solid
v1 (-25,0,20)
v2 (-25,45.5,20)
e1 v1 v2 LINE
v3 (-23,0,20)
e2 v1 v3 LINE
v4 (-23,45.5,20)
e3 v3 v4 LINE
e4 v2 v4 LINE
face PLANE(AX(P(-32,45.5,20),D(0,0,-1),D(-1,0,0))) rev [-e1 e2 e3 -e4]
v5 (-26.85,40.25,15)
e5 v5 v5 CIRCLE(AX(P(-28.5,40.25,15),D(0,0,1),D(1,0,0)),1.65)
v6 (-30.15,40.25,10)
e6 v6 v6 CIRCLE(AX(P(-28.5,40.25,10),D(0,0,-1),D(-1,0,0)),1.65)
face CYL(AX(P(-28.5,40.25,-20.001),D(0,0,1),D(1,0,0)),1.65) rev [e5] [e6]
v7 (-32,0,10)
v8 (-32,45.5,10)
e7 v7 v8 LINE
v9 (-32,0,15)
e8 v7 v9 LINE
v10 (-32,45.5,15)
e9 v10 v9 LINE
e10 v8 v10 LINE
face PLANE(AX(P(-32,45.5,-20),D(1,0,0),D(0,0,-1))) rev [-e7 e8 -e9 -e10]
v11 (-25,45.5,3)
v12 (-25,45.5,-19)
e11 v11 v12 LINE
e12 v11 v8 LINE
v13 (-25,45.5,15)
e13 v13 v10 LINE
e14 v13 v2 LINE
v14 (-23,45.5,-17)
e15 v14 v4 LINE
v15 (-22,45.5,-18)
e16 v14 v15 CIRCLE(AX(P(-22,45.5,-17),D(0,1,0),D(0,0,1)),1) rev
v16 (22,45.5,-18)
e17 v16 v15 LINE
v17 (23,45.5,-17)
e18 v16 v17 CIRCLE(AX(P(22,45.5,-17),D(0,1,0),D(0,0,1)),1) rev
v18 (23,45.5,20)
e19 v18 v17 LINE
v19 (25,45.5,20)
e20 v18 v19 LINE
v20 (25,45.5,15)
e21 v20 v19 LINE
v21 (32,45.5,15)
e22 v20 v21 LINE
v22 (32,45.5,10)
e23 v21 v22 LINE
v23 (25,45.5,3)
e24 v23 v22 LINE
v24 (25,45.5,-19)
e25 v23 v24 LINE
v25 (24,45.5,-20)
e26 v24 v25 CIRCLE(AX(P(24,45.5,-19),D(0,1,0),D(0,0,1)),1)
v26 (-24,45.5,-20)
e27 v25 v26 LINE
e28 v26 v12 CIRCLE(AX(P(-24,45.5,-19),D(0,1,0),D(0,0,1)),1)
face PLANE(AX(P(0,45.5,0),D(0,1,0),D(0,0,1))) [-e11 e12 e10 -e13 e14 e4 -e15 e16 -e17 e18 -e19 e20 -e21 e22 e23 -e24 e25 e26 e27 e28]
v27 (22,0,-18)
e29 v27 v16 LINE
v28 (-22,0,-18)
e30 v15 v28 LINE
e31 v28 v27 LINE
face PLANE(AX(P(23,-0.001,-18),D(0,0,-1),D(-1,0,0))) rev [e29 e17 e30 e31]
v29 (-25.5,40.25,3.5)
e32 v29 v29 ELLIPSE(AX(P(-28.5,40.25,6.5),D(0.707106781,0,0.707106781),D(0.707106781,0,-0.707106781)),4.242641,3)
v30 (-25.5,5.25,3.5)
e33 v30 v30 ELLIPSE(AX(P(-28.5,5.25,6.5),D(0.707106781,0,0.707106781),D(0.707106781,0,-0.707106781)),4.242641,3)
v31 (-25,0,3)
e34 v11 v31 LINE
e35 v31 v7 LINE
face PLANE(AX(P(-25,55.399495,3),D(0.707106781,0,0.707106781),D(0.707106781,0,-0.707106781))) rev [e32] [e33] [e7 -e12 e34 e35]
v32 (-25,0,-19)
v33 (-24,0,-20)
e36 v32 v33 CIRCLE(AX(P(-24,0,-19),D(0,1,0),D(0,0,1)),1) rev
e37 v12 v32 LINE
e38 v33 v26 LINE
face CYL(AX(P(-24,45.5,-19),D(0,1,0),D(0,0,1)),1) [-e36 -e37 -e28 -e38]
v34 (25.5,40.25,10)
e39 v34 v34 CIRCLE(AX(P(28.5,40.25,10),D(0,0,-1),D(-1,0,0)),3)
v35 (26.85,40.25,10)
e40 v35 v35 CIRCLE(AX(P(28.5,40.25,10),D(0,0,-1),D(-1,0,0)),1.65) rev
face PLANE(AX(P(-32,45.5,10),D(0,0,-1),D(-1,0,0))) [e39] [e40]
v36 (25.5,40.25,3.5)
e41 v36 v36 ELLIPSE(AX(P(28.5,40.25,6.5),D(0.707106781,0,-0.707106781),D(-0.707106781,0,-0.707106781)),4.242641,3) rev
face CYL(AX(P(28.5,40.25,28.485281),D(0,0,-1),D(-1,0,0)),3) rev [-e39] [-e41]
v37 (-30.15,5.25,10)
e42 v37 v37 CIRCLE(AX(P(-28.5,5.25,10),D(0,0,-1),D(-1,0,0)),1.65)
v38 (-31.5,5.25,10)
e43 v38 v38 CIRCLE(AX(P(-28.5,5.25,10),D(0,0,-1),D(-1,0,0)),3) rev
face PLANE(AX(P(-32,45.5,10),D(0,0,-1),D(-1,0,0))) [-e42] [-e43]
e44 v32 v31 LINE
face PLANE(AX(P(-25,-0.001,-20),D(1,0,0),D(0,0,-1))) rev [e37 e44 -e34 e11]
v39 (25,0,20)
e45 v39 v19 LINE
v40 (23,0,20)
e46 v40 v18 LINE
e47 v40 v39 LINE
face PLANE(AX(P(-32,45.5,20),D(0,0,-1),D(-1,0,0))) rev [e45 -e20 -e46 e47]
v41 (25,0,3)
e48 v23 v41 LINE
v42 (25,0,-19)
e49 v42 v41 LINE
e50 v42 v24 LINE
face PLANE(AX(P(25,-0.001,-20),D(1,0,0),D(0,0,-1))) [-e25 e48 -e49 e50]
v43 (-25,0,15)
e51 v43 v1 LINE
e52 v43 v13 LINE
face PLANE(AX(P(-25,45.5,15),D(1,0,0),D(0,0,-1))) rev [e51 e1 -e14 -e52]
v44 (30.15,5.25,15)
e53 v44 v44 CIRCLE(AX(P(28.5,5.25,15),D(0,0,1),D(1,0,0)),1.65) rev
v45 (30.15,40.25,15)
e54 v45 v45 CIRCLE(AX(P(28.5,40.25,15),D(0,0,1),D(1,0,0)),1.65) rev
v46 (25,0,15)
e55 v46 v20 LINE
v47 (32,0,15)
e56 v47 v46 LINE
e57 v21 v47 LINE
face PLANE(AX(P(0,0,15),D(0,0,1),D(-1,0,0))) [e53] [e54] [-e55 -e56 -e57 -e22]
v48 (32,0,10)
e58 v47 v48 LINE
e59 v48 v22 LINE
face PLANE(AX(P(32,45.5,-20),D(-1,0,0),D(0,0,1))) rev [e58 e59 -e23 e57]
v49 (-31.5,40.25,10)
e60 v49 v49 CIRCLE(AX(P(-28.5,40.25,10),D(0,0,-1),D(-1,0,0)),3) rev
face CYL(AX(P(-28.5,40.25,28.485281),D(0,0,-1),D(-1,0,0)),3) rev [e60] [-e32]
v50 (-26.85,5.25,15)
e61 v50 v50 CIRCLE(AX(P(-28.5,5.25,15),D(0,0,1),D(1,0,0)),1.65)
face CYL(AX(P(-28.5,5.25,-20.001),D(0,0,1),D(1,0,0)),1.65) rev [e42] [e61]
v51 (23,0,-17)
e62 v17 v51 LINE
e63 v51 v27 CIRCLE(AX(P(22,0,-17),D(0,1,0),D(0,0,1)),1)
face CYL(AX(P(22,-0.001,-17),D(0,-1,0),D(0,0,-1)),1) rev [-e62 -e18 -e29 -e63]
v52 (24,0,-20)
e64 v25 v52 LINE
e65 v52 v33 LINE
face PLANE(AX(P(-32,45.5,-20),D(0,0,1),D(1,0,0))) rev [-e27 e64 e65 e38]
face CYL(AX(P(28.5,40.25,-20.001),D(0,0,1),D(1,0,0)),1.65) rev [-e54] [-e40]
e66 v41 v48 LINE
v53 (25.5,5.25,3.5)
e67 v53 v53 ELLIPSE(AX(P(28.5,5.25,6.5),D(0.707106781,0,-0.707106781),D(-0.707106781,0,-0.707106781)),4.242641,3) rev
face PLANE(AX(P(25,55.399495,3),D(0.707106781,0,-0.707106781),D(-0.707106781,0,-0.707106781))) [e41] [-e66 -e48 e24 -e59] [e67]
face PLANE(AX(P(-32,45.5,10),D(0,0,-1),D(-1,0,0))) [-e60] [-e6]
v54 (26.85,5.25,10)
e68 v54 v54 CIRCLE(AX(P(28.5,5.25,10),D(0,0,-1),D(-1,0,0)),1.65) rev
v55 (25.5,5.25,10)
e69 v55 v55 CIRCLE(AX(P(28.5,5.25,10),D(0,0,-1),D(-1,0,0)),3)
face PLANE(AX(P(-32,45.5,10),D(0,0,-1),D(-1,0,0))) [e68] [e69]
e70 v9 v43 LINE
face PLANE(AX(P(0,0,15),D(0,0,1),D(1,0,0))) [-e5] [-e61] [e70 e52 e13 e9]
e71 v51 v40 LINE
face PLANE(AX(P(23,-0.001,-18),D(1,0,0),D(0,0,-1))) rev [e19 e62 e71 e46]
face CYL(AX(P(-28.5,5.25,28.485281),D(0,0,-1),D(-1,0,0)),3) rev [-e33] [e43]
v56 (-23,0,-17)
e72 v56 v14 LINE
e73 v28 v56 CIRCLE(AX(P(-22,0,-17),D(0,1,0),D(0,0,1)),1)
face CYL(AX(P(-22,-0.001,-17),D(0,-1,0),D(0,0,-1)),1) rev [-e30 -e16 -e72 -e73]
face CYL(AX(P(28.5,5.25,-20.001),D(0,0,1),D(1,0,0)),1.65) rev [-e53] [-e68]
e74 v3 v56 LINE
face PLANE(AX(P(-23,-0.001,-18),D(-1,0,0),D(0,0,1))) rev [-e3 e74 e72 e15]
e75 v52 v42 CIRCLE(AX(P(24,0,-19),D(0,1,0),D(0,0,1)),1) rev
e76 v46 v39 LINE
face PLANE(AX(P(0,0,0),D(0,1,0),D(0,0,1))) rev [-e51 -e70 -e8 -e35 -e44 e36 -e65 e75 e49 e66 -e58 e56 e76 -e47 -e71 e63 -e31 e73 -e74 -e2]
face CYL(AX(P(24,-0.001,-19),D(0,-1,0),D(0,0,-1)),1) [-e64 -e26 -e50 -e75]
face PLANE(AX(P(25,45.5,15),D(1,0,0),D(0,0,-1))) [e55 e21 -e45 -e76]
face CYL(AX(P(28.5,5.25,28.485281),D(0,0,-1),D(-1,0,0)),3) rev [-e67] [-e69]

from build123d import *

# Parameters (mm, degrees)
SKETCH_1_W          = 64
SKETCH_1_H          = 40
EXTRUDE_1_DEPTH     = 45.5
CUT_EXTRUDE_1_REACH = 61.112
SKETCH_2_W          = 46
SKETCH_2_H          = 38
CUT_EXTRUDE_2_REACH = 61.112
SKETCH_3_W          = 7
SKETCH_3_H          = 30
EXTRUDE_2_DEPTH     = 45.5
CUT_EXTRUDE_3_REACH = 70.515
SKETCH_4_R          = 1.65
SKETCH_7_R          = 3
CUT_EXTRUDE_4_DEPTH = 30
SKETCH_8_W          = 7
SKETCH_8_H          = 45.5
CUT_EXTRUDE_5_DEPTH = 5
FILLET_1_R          = 1


with BuildPart() as part:
    # 草图1 → 凸台-拉伸1 (new body)
    with BuildSketch(Plane(origin=(0, 0, 0), x_dir=(1, 0, 0), z_dir=(0, 1, 0))):
        Rectangle(SKETCH_1_W, SKETCH_1_H)
    extrude(amount=EXTRUDE_1_DEPTH)

    # 草图2 → 切除-拉伸1 (cut, up to next)
    with BuildSketch(Plane(origin=(0, 45.5, 0), x_dir=(1, 0, 0), z_dir=(0, 1, 0)), mode=Mode.PRIVATE) as cut_extrude_1_sk1:
        with Locations((0, -1)):
            Rectangle(SKETCH_2_W, SKETCH_2_H)
    cut_extrude_1_tool1 = extrude(cut_extrude_1_sk1.sketch, amount=-CUT_EXTRUDE_1_REACH, mode=Mode.PRIVATE) & part.part
    add(cut_extrude_1_tool1.solids().sort_by_distance((0, 45.5, 1))[0], mode=Mode.SUBTRACT)

    # 草图3 → 切除-拉伸2 (cut, up to next)
    with BuildSketch(Plane(origin=(0, 45.5, 0), x_dir=(1, 0, 0), z_dir=(0, 1, 0)), mode=Mode.PRIVATE) as cut_extrude_2_sk1:
        with Locations((-28.5, 5)):
            Rectangle(SKETCH_3_W, SKETCH_3_H)
    cut_extrude_2_tool1 = extrude(cut_extrude_2_sk1.sketch, amount=-CUT_EXTRUDE_2_REACH, mode=Mode.PRIVATE) & part.part
    cut_extrude_2 = cut_extrude_2_tool1.solids().sort_by_distance((-28.5, 45.5, -5))[0]
    add(cut_extrude_2, mode=Mode.SUBTRACT)

    # 草图6 → 凸台-拉伸2 (add)
    with BuildSketch(Plane(origin=(0, 0, 0), x_dir=(1, 0, 0), z_dir=(0, 1, 0))):
        Polygon((-32, -10), (-25, -10), (-25, -3), align=None)
    extrude_2 = extrude(amount=EXTRUDE_2_DEPTH)

    # 切除-拉伸3: up to this plane
    cut_extrude_3_end = Plane(origin=(-25, 55.399494937, 3), z_dir=(0.7071067811865438, 0, 0.7071067811865512))
    # 草图4 → 切除-拉伸3 (cut, up to the surface)
    with BuildSketch(Plane(origin=(0, 0, 20), x_dir=(-1, 0, 0), z_dir=(0, 0, -1)), mode=Mode.PRIVATE) as cut_extrude_3_sk1:
        with Locations((28.5, 40.25)):
            Circle(SKETCH_4_R)
    cut_extrude_3_tool1 = split(extrude(cut_extrude_3_sk1.sketch, amount=CUT_EXTRUDE_3_REACH, mode=Mode.PRIVATE), bisect_by=cut_extrude_3_end, keep=Keep.BOTH, mode=Mode.PRIVATE)
    # 草图4 → 切除-拉伸3 (cut, up to the surface)
    with BuildSketch(Plane(origin=(0, 0, 20), x_dir=(-1, 0, 0), z_dir=(0, 0, -1)), mode=Mode.PRIVATE) as cut_extrude_3_sk2:
        with Locations((28.5, 5.25)):
            Circle(SKETCH_4_R)
    cut_extrude_3_tool2 = split(extrude(cut_extrude_3_sk2.sketch, amount=CUT_EXTRUDE_3_REACH, mode=Mode.PRIVATE), bisect_by=cut_extrude_3_end, keep=Keep.BOTH, mode=Mode.PRIVATE)
    cut_extrude_3 = cut_extrude_3_tool1.solids().sort_by_distance((-28.5, 40.25, 20))[0] + cut_extrude_3_tool2.solids().sort_by_distance((-28.5, 5.25, 20))[0]
    add(cut_extrude_3, mode=Mode.SUBTRACT)

    # 草图7 → 切除-拉伸4 (cut)
    with BuildSketch(Plane(origin=(0, 0, -20), x_dir=(-1, 0, 0), z_dir=(0, 0, -1))):
        with Locations((28.5, 40.25)):
            Circle(SKETCH_7_R)
        with Locations((28.5, 5.25)):
            Circle(SKETCH_7_R)
    cut_extrude_4 = extrude(amount=-CUT_EXTRUDE_4_DEPTH, mode=Mode.SUBTRACT)

    # 草图8 → 切除-拉伸5 (cut)
    with BuildSketch(Plane.XY.offset(20)):
        with Locations((-28.5, 22.75)):
            Rectangle(SKETCH_8_W, SKETCH_8_H)
    cut_extrude_5 = extrude(amount=-CUT_EXTRUDE_5_DEPTH, mode=Mode.SUBTRACT)

    # 镜向1: 切除-拉伸2, 凸台-拉伸2, 切除-拉伸3, 切除-拉伸4, 切除-拉伸5 across plane
    add(cut_extrude_2.mirror(Plane(origin=(0, 0, 0), x_dir=(0, 0, 1), z_dir=(1, 0, 0))), mode=Mode.SUBTRACT)
    add(extrude_2.mirror(Plane(origin=(0, 0, 0), x_dir=(0, 0, 1), z_dir=(1, 0, 0))))
    add(cut_extrude_3.mirror(Plane(origin=(0, 0, 0), x_dir=(0, 0, 1), z_dir=(1, 0, 0))), mode=Mode.SUBTRACT)
    add(cut_extrude_4.mirror(Plane(origin=(0, 0, 0), x_dir=(0, 0, 1), z_dir=(1, 0, 0))), mode=Mode.SUBTRACT)
    add(cut_extrude_5.mirror(Plane(origin=(0, 0, 0), x_dir=(0, 0, 1), z_dir=(1, 0, 0))), mode=Mode.SUBTRACT)

    # 圆角1
    fillet_1_edges = [part.edges().sort_by_distance(p)[0] for p in [
        (-23, 22.75, -18),
        (23, 22.75, -18),
        (-25, 22.75, -20),
        (25, 22.75, -20),
    ]]
    fillet(fillet_1_edges, radius=FILLET_1_R)


solid = part.part
